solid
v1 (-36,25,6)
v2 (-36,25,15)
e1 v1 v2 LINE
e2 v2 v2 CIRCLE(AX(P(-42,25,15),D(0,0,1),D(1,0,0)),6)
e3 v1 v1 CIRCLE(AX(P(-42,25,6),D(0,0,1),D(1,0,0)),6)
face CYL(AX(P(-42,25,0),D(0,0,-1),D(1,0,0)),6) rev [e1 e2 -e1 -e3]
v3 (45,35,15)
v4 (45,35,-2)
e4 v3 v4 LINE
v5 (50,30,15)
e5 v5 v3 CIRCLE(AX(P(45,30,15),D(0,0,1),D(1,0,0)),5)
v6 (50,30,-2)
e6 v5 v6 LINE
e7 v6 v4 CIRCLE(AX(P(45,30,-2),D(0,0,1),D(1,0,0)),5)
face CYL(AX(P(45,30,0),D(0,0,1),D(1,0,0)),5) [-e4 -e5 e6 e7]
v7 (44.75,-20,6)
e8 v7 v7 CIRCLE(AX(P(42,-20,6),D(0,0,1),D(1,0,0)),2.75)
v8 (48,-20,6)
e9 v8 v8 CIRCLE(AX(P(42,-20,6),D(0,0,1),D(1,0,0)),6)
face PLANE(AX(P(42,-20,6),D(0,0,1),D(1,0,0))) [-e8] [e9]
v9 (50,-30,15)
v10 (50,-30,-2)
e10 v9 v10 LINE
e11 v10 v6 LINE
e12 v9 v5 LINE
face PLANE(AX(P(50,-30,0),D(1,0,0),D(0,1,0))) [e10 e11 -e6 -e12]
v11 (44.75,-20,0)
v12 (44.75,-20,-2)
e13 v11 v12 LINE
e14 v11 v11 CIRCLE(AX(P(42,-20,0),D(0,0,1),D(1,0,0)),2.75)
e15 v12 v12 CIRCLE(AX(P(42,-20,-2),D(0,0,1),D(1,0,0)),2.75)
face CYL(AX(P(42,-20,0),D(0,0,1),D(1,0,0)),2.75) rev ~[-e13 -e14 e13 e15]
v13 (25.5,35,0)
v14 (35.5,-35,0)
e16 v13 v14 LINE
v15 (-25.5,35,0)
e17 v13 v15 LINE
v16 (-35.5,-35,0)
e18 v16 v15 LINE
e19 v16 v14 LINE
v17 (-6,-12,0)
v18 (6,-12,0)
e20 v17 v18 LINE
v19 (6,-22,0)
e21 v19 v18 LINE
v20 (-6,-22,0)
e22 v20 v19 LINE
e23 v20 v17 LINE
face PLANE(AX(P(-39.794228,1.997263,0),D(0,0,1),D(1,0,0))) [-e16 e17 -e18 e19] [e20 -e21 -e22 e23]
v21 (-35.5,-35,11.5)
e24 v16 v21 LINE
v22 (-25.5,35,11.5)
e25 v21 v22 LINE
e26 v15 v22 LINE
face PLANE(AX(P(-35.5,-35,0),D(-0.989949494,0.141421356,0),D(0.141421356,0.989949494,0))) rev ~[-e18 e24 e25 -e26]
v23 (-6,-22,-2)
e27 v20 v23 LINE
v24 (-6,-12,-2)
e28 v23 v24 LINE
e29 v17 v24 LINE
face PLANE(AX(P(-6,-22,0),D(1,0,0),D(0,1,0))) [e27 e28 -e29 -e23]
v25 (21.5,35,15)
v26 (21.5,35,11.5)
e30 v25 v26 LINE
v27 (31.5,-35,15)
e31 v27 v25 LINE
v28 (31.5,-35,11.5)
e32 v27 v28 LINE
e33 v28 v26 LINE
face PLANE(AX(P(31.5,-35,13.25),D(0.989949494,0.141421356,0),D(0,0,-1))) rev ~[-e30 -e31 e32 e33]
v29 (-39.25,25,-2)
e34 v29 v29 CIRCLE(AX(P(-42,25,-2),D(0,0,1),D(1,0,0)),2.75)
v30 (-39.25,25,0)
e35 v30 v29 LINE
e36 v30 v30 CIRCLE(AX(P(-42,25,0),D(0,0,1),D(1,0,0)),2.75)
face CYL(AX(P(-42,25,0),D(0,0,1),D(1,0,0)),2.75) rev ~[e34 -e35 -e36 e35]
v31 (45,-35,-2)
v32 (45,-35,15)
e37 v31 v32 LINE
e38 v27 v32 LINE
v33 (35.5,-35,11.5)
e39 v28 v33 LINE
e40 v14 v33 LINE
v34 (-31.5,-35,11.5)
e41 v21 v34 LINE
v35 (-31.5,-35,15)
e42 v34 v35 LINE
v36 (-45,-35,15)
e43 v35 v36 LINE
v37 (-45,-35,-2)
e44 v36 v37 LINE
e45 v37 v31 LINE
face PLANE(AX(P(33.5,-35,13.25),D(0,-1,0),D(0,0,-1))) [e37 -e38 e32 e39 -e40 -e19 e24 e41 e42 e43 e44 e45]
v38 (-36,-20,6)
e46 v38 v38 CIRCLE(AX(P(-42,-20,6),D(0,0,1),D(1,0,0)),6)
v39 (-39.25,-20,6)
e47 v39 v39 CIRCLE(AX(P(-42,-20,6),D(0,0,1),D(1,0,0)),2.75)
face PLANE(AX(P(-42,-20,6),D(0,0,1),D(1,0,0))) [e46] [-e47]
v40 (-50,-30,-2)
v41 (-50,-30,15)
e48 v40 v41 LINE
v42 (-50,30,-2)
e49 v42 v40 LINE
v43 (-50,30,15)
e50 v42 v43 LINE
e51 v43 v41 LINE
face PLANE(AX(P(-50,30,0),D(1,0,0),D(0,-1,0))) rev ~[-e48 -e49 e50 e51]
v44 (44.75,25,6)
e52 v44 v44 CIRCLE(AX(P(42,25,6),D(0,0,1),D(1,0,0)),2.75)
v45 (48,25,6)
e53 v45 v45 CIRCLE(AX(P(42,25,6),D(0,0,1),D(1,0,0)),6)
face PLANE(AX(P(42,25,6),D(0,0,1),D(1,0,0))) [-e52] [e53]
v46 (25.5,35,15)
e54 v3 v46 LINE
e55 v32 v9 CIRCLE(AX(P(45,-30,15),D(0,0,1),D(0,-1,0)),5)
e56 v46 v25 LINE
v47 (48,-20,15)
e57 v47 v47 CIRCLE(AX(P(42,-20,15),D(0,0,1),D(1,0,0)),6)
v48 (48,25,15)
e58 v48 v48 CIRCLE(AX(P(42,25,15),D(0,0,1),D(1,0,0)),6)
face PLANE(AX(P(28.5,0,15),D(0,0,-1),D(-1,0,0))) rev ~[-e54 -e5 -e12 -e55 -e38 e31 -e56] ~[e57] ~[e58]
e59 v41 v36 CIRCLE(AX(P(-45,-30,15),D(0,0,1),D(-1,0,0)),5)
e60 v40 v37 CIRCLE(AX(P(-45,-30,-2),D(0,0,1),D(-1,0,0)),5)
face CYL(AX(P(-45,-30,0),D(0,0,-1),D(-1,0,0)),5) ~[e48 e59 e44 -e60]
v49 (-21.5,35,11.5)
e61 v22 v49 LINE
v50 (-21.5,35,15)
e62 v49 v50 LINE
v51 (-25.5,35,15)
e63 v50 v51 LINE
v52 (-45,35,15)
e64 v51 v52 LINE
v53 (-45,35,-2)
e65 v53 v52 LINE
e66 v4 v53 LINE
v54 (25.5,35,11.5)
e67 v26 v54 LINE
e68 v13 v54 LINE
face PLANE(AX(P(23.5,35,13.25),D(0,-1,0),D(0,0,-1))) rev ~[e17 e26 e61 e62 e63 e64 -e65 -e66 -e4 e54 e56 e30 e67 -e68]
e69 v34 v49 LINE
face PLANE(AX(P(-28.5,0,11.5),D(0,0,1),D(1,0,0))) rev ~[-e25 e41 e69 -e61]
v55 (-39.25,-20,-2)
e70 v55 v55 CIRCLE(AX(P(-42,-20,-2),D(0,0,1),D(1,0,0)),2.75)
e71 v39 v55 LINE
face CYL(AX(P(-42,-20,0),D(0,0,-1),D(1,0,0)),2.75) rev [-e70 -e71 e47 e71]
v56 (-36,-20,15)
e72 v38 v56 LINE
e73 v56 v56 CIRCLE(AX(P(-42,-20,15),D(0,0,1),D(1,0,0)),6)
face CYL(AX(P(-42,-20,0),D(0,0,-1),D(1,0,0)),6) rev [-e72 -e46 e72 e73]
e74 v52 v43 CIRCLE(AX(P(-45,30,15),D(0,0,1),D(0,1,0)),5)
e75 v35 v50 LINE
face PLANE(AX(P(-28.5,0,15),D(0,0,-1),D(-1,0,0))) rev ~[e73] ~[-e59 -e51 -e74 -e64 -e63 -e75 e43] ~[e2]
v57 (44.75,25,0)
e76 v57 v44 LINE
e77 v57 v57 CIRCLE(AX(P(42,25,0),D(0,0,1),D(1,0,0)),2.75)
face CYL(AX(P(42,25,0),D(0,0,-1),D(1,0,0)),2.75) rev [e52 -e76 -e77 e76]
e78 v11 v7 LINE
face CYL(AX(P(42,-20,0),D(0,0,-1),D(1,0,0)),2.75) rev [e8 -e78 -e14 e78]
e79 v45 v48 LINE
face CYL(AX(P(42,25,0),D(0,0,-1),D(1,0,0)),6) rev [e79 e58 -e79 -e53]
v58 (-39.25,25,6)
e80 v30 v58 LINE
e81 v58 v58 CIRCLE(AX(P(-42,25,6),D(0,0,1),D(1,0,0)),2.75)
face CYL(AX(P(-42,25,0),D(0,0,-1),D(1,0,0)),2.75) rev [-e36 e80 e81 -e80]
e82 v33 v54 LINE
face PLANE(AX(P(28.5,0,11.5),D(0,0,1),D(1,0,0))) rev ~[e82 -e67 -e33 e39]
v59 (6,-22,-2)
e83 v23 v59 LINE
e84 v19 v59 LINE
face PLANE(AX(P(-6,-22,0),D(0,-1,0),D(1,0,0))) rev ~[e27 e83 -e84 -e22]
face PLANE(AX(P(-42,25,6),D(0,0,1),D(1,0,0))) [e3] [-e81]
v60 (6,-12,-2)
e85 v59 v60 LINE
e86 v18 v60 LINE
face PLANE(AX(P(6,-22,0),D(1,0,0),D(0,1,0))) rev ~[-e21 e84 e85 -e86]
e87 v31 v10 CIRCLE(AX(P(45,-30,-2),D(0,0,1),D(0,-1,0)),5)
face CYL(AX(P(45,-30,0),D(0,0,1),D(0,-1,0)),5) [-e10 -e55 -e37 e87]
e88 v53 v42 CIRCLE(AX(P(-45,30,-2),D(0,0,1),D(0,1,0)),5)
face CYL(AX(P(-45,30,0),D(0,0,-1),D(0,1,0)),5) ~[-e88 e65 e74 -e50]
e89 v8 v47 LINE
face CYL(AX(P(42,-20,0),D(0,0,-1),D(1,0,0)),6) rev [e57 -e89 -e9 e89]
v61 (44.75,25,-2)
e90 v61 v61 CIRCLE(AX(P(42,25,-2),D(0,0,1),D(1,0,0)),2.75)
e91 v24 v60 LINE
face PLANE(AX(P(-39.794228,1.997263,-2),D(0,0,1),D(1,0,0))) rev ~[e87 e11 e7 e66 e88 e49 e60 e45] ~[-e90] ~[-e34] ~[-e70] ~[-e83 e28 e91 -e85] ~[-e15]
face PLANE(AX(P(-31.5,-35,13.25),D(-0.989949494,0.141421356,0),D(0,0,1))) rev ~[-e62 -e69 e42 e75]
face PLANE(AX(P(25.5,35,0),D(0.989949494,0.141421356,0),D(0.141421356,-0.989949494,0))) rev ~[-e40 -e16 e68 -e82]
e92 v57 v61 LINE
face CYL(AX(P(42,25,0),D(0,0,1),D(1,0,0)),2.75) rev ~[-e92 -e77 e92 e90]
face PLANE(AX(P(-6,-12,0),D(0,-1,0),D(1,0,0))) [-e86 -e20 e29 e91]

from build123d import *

# Parameters (mm, degrees)
F0_R     = 6
F0_W     = 12
F0_H     = 10
F0_R_2   = 2.75
F1_DEPTH = 2
F2_DEPTH = 15
F3_W     = 4
F3_H     = 3.5
F6_DEPTH = 6


with BuildPart() as f1:
    # F0 (on Top) → F1 (new body)
    with BuildSketch(Plane.XY):
        with BuildLine():
            Line((-25.5, 35), (-45, 35))
            ThreePointArc((-45, 35), (-48.5355339059, 33.5355339059), (-50, 30))
            Line((-50, 30), (-50, -30))
            ThreePointArc((-50, -30), (-48.5355339059, -33.5355339059), (-45, -35))
            Line((-45, -35), (-35.5, -35))
            Line((-35.5, -35), (-25.5, 35))
        make_face()
        with Locations((-42, -20)):
            Circle(F0_R, mode=Mode.SUBTRACT)
        with Locations((-42, 25)):
            Circle(F0_R, mode=Mode.SUBTRACT)
        Polygon((25.5, 35), (-25.5, 35), (-35.5, -35), (35.5, -35), align=None)
        with Locations((0, -17)):
            Rectangle(F0_W, F0_H, mode=Mode.SUBTRACT)
        with BuildLine():
            Line((45, 35), (25.5, 35))
            Line((25.5, 35), (35.5, -35))
            Line((35.5, -35), (45, -35))
            ThreePointArc((45, -35), (48.5355339059, -33.5355339059), (50, -30))
            Line((50, -30), (50, 30))
            ThreePointArc((50, 30), (48.5355339059, 33.5355339059), (45, 35))
        make_face()
        with Locations((42, -20)):
            Circle(F0_R, mode=Mode.SUBTRACT)
        with Locations((42, 25)):
            Circle(F0_R, mode=Mode.SUBTRACT)
        with Locations((-42, 25)):
            Circle(F0_R)
        with Locations((-42, 25)):
            Circle(F0_R_2, mode=Mode.SUBTRACT)
        with Locations((-42, -20)):
            Circle(F0_R)
        with Locations((-42, -20)):
            Circle(F0_R_2, mode=Mode.SUBTRACT)
        with Locations((42, -20)):
            Circle(F0_R)
        with Locations((42, -20)):
            Circle(F0_R_2, mode=Mode.SUBTRACT)
        with Locations((42, 25)):
            Circle(F0_R)
        with Locations((42, 25)):
            Circle(F0_R_2, mode=Mode.SUBTRACT)
    extrude(amount=-F1_DEPTH)

    # F0 (on Top) → F2 (join)
    with BuildSketch(Plane.XY):
        with BuildLine():
            Line((-25.5, 35), (-45, 35))
            ThreePointArc((-45, 35), (-48.5355339059, 33.5355339059), (-50, 30))
            Line((-50, 30), (-50, -30))
            ThreePointArc((-50, -30), (-48.5355339059, -33.5355339059), (-45, -35))
            Line((-45, -35), (-35.5, -35))
            Line((-35.5, -35), (-25.5, 35))
        make_face()
        with Locations((-42, -20)):
            Circle(F0_R, mode=Mode.SUBTRACT)
        with Locations((-42, 25)):
            Circle(F0_R, mode=Mode.SUBTRACT)
        with BuildLine():
            Line((45, 35), (25.5, 35))
            Line((25.5, 35), (35.5, -35))
            Line((35.5, -35), (45, -35))
            ThreePointArc((45, -35), (48.5355339059, -33.5355339059), (50, -30))
            Line((50, -30), (50, 30))
            ThreePointArc((50, 30), (48.5355339059, 33.5355339059), (45, 35))
        make_face()
        with Locations((42, -20)):
            Circle(F0_R, mode=Mode.SUBTRACT)
        with Locations((42, 25)):
            Circle(F0_R, mode=Mode.SUBTRACT)
    extrude(amount=F2_DEPTH)

    # F4: sweep along a path in F4_path
    with BuildLine(Plane(origin=(-35.5, -35, 15), x_dir=(-0.1414213562, -0.9899494937, 0), z_dir=(0.9899494937, -0.1414213562, 0))) as f4_path:
        Line((0, 0), (-70.7106781187, 0))
    # F3 (on face) → F4 (sweep)
    with BuildSketch(Plane.XZ.offset(35)):
        with Locations((-33.5, 13.25)):
            Rectangle(F3_W, F3_H)
    sweep(path=f4_path.line)

    # F5: sweep along a path in F5_path
    with BuildLine(Plane(origin=(35.5, -35, 15), x_dir=(0.1414213562, -0.9899494937, 0), z_dir=(0.9899494937, 0.1414213562, 0))) as f5_path:
        Line((0, 0), (-70.7106781187, 0))
    # F3 (on face) → F5 (sweep)
    with BuildSketch(Plane.XZ.offset(35)):
        with Locations((33.5, 13.25)):
            Rectangle(F3_W, F3_H)
    sweep(path=f5_path.line)

    # F0 (on Top) → F6 (join)
    with BuildSketch(Plane.XY):
        with Locations((-42, -20)):
            Circle(F0_R)
        with Locations((-42, -20)):
            Circle(F0_R_2, mode=Mode.SUBTRACT)
        with Locations((-42, 25)):
            Circle(F0_R)
        with Locations((-42, 25)):
            Circle(F0_R_2, mode=Mode.SUBTRACT)
        with Locations((42, 25)):
            Circle(F0_R)
        with Locations((42, 25)):
            Circle(F0_R_2, mode=Mode.SUBTRACT)
        with Locations((42, -20)):
            Circle(F0_R)
        with Locations((42, -20)):
            Circle(F0_R_2, mode=Mode.SUBTRACT)
    extrude(amount=F6_DEPTH)


solid = f1.part
